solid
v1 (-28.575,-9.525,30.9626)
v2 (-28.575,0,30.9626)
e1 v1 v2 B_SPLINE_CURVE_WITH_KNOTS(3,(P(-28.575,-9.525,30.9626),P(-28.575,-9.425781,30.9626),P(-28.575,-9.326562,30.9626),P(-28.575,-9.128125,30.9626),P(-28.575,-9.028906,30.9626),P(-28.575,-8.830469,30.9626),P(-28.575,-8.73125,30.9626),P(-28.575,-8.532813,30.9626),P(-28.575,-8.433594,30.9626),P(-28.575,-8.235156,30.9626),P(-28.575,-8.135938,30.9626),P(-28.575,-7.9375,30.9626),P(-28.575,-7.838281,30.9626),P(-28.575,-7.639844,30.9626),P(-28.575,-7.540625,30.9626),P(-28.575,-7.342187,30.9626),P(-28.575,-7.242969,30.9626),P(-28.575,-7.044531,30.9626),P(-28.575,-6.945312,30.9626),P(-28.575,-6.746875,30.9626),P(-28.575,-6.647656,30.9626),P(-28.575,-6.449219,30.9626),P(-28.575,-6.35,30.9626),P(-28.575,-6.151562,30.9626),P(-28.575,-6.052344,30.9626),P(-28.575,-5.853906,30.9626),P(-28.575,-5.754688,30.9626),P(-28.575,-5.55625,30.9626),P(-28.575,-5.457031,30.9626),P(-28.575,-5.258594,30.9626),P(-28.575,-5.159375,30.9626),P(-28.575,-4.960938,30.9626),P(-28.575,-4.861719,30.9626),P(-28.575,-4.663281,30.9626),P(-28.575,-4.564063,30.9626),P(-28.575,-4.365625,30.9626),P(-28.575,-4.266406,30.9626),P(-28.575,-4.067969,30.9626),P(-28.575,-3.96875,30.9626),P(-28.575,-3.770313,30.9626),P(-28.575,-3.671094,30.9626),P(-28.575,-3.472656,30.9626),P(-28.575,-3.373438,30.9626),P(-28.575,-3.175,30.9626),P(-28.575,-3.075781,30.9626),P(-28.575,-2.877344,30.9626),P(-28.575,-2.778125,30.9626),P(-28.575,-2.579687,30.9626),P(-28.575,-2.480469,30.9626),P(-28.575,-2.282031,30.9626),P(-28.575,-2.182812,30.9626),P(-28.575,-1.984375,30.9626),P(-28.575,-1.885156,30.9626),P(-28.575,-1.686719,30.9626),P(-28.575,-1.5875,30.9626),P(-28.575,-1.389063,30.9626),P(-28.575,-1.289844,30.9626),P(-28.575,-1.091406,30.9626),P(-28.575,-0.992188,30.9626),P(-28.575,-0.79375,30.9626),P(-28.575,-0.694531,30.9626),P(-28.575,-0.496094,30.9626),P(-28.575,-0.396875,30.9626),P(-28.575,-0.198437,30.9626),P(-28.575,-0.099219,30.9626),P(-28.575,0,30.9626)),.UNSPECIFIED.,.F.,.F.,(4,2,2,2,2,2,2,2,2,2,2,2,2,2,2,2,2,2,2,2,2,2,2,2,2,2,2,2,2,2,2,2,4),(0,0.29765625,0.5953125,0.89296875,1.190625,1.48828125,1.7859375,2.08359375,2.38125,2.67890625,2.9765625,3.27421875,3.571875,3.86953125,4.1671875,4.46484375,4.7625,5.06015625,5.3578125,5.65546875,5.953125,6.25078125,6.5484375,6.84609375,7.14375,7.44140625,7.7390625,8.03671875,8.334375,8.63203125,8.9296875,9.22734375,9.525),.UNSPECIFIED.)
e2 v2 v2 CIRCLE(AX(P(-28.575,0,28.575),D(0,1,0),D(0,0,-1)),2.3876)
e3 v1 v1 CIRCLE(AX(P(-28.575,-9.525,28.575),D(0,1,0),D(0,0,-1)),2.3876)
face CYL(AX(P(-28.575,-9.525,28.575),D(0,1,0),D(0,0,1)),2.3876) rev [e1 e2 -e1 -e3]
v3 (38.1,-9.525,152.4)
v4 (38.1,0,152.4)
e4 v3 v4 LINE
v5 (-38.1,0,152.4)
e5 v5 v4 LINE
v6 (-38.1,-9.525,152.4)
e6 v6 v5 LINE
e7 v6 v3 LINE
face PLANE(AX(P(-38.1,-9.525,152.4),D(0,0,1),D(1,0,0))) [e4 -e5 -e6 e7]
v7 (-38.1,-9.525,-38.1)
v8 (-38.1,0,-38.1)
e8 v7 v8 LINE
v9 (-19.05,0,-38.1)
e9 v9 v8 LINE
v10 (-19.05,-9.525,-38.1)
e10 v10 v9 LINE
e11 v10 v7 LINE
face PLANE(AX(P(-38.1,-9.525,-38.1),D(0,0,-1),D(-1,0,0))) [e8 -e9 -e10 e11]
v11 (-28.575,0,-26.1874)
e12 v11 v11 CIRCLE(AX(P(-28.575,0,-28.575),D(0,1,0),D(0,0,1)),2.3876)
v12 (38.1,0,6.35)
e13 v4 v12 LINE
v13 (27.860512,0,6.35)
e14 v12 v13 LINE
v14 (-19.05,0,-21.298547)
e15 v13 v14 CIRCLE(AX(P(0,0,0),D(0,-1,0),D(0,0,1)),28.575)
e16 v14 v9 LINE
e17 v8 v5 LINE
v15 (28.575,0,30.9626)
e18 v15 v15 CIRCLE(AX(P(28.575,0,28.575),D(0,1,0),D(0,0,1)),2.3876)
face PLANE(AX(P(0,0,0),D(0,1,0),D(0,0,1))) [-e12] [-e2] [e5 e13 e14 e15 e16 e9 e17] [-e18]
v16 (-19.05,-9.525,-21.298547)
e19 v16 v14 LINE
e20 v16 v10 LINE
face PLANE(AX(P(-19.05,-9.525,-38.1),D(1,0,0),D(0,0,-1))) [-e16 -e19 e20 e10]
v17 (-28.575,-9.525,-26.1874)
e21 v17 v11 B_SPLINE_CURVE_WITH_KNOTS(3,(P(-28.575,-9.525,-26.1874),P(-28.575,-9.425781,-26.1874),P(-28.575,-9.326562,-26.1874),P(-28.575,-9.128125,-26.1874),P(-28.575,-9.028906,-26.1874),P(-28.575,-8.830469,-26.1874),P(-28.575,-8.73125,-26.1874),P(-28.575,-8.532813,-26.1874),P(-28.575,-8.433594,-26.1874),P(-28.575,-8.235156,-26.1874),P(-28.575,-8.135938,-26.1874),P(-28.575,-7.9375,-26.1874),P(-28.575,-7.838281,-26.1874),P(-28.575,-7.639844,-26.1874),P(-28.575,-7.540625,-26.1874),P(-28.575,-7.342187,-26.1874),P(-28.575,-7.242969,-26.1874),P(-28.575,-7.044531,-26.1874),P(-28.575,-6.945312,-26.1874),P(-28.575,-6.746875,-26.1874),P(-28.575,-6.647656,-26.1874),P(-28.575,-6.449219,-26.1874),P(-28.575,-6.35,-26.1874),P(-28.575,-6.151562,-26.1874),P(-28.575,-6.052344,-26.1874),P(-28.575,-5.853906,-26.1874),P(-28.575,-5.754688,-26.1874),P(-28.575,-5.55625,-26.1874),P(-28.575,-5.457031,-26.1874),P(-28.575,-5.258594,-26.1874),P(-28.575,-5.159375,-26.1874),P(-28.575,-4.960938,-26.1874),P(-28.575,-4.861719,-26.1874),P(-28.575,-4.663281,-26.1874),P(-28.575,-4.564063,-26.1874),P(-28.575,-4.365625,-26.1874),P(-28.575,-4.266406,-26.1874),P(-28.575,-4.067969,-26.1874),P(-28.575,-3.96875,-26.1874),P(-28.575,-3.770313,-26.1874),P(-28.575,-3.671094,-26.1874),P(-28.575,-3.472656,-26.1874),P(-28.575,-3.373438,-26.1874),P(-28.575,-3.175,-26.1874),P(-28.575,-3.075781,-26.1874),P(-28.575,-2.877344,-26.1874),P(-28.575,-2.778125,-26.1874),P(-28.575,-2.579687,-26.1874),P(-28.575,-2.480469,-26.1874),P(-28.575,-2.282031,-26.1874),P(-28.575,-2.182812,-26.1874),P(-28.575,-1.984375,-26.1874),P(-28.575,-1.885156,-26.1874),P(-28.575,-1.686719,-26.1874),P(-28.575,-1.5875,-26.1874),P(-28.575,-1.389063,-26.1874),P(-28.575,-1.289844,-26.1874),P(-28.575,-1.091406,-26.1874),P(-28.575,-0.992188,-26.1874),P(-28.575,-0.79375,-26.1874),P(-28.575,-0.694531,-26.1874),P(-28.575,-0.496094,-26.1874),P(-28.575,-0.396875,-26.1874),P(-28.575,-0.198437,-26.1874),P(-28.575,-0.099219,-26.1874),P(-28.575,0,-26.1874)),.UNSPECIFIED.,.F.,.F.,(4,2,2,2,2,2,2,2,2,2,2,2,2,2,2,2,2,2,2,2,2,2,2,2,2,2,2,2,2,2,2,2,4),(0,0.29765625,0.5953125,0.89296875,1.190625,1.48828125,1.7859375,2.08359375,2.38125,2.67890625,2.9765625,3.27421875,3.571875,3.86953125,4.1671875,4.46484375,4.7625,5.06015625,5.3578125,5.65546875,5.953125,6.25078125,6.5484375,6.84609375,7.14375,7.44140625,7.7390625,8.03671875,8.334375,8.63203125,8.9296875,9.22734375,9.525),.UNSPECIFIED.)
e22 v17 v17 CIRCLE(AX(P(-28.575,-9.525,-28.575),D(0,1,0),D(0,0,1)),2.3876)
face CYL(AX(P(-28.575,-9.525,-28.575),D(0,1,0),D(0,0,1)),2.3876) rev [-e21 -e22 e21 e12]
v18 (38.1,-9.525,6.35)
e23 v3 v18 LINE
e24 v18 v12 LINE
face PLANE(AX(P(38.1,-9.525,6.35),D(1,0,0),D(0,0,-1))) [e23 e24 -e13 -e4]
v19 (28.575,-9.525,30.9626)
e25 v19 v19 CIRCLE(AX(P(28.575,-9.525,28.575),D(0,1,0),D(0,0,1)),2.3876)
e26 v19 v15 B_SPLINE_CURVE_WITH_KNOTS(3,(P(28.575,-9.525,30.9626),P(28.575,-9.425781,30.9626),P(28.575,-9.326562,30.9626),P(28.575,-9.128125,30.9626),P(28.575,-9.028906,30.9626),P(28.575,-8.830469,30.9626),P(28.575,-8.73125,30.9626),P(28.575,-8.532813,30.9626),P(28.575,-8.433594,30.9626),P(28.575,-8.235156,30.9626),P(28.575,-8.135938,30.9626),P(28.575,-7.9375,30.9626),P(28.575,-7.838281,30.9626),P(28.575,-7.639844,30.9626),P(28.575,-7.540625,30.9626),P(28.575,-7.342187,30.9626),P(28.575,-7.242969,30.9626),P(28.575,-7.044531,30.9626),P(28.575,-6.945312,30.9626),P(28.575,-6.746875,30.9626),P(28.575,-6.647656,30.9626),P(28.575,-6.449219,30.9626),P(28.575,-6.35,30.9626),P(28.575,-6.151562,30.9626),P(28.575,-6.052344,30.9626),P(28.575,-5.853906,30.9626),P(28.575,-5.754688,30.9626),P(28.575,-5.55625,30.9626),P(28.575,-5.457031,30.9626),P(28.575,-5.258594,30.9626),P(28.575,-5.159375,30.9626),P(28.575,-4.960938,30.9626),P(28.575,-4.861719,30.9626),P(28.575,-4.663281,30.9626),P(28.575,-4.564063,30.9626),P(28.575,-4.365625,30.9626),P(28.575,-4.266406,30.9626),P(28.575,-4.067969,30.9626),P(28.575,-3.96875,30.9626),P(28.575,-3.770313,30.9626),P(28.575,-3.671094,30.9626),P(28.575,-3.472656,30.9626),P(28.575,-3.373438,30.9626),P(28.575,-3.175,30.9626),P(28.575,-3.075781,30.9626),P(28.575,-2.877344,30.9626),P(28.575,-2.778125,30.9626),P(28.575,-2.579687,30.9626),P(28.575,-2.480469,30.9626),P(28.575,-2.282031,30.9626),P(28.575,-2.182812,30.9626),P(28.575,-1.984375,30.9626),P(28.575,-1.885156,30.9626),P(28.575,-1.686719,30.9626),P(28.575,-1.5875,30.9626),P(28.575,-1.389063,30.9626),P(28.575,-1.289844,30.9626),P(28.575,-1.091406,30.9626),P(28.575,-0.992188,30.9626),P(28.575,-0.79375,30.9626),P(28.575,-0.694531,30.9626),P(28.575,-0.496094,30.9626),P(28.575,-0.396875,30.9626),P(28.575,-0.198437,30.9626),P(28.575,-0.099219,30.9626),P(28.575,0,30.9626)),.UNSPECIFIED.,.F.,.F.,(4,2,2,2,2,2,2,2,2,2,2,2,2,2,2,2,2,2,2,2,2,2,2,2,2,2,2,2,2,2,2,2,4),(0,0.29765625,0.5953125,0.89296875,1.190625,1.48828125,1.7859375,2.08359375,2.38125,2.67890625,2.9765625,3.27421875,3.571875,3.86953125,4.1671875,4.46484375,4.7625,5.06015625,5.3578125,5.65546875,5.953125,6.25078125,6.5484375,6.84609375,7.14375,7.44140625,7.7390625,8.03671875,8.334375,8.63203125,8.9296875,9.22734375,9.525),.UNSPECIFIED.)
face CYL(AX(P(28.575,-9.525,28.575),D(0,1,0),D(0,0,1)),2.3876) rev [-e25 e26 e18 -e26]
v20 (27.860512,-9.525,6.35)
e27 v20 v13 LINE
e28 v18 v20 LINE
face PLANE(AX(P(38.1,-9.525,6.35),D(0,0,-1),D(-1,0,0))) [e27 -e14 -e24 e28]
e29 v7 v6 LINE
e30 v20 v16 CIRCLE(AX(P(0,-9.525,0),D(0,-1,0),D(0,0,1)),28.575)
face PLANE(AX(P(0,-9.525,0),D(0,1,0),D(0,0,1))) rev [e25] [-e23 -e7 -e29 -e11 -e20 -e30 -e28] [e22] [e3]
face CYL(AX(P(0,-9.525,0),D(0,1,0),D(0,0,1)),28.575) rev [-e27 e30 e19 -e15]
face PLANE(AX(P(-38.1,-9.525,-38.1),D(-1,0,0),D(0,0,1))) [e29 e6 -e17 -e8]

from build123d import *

# Parameters (mm, degrees)
SKETCH1_R      = 2.3876
EXTRUDE1_DEPTH = 9.525


with BuildPart() as part:
    # Sketch1 → Extrude1 (new body)
    with BuildSketch(Plane(origin=(0, 0, 0), x_dir=(1, 0, 0), z_dir=(0, 1, 0))):
        with BuildLine():
            Line((-38.1, 38.1), (-38.1, -152.4))
            Line((-38.1, -152.4), (38.1, -152.4))
            Line((38.1, -152.4), (38.1, -6.35))
            Line((38.1, -6.35), (27.86051193, -6.35))
            ThreePointArc((27.86051193, -6.35), (-14.509197932, -24.617347549), (-19.05, 21.298547486))
            Line((-19.05, 21.298547486), (-19.05, 38.1))
            Line((-19.05, 38.1), (-38.1, 38.1))
        make_face()
        with Locations((-28.575, 28.575)):
            Circle(SKETCH1_R, mode=Mode.SUBTRACT)
        with Locations((28.575, -28.575)):
            Circle(SKETCH1_R, mode=Mode.SUBTRACT)
        with Locations((-28.575, -28.575)):
            Circle(SKETCH1_R, mode=Mode.SUBTRACT)
    extrude(amount=-EXTRUDE1_DEPTH)


solid = part.part
